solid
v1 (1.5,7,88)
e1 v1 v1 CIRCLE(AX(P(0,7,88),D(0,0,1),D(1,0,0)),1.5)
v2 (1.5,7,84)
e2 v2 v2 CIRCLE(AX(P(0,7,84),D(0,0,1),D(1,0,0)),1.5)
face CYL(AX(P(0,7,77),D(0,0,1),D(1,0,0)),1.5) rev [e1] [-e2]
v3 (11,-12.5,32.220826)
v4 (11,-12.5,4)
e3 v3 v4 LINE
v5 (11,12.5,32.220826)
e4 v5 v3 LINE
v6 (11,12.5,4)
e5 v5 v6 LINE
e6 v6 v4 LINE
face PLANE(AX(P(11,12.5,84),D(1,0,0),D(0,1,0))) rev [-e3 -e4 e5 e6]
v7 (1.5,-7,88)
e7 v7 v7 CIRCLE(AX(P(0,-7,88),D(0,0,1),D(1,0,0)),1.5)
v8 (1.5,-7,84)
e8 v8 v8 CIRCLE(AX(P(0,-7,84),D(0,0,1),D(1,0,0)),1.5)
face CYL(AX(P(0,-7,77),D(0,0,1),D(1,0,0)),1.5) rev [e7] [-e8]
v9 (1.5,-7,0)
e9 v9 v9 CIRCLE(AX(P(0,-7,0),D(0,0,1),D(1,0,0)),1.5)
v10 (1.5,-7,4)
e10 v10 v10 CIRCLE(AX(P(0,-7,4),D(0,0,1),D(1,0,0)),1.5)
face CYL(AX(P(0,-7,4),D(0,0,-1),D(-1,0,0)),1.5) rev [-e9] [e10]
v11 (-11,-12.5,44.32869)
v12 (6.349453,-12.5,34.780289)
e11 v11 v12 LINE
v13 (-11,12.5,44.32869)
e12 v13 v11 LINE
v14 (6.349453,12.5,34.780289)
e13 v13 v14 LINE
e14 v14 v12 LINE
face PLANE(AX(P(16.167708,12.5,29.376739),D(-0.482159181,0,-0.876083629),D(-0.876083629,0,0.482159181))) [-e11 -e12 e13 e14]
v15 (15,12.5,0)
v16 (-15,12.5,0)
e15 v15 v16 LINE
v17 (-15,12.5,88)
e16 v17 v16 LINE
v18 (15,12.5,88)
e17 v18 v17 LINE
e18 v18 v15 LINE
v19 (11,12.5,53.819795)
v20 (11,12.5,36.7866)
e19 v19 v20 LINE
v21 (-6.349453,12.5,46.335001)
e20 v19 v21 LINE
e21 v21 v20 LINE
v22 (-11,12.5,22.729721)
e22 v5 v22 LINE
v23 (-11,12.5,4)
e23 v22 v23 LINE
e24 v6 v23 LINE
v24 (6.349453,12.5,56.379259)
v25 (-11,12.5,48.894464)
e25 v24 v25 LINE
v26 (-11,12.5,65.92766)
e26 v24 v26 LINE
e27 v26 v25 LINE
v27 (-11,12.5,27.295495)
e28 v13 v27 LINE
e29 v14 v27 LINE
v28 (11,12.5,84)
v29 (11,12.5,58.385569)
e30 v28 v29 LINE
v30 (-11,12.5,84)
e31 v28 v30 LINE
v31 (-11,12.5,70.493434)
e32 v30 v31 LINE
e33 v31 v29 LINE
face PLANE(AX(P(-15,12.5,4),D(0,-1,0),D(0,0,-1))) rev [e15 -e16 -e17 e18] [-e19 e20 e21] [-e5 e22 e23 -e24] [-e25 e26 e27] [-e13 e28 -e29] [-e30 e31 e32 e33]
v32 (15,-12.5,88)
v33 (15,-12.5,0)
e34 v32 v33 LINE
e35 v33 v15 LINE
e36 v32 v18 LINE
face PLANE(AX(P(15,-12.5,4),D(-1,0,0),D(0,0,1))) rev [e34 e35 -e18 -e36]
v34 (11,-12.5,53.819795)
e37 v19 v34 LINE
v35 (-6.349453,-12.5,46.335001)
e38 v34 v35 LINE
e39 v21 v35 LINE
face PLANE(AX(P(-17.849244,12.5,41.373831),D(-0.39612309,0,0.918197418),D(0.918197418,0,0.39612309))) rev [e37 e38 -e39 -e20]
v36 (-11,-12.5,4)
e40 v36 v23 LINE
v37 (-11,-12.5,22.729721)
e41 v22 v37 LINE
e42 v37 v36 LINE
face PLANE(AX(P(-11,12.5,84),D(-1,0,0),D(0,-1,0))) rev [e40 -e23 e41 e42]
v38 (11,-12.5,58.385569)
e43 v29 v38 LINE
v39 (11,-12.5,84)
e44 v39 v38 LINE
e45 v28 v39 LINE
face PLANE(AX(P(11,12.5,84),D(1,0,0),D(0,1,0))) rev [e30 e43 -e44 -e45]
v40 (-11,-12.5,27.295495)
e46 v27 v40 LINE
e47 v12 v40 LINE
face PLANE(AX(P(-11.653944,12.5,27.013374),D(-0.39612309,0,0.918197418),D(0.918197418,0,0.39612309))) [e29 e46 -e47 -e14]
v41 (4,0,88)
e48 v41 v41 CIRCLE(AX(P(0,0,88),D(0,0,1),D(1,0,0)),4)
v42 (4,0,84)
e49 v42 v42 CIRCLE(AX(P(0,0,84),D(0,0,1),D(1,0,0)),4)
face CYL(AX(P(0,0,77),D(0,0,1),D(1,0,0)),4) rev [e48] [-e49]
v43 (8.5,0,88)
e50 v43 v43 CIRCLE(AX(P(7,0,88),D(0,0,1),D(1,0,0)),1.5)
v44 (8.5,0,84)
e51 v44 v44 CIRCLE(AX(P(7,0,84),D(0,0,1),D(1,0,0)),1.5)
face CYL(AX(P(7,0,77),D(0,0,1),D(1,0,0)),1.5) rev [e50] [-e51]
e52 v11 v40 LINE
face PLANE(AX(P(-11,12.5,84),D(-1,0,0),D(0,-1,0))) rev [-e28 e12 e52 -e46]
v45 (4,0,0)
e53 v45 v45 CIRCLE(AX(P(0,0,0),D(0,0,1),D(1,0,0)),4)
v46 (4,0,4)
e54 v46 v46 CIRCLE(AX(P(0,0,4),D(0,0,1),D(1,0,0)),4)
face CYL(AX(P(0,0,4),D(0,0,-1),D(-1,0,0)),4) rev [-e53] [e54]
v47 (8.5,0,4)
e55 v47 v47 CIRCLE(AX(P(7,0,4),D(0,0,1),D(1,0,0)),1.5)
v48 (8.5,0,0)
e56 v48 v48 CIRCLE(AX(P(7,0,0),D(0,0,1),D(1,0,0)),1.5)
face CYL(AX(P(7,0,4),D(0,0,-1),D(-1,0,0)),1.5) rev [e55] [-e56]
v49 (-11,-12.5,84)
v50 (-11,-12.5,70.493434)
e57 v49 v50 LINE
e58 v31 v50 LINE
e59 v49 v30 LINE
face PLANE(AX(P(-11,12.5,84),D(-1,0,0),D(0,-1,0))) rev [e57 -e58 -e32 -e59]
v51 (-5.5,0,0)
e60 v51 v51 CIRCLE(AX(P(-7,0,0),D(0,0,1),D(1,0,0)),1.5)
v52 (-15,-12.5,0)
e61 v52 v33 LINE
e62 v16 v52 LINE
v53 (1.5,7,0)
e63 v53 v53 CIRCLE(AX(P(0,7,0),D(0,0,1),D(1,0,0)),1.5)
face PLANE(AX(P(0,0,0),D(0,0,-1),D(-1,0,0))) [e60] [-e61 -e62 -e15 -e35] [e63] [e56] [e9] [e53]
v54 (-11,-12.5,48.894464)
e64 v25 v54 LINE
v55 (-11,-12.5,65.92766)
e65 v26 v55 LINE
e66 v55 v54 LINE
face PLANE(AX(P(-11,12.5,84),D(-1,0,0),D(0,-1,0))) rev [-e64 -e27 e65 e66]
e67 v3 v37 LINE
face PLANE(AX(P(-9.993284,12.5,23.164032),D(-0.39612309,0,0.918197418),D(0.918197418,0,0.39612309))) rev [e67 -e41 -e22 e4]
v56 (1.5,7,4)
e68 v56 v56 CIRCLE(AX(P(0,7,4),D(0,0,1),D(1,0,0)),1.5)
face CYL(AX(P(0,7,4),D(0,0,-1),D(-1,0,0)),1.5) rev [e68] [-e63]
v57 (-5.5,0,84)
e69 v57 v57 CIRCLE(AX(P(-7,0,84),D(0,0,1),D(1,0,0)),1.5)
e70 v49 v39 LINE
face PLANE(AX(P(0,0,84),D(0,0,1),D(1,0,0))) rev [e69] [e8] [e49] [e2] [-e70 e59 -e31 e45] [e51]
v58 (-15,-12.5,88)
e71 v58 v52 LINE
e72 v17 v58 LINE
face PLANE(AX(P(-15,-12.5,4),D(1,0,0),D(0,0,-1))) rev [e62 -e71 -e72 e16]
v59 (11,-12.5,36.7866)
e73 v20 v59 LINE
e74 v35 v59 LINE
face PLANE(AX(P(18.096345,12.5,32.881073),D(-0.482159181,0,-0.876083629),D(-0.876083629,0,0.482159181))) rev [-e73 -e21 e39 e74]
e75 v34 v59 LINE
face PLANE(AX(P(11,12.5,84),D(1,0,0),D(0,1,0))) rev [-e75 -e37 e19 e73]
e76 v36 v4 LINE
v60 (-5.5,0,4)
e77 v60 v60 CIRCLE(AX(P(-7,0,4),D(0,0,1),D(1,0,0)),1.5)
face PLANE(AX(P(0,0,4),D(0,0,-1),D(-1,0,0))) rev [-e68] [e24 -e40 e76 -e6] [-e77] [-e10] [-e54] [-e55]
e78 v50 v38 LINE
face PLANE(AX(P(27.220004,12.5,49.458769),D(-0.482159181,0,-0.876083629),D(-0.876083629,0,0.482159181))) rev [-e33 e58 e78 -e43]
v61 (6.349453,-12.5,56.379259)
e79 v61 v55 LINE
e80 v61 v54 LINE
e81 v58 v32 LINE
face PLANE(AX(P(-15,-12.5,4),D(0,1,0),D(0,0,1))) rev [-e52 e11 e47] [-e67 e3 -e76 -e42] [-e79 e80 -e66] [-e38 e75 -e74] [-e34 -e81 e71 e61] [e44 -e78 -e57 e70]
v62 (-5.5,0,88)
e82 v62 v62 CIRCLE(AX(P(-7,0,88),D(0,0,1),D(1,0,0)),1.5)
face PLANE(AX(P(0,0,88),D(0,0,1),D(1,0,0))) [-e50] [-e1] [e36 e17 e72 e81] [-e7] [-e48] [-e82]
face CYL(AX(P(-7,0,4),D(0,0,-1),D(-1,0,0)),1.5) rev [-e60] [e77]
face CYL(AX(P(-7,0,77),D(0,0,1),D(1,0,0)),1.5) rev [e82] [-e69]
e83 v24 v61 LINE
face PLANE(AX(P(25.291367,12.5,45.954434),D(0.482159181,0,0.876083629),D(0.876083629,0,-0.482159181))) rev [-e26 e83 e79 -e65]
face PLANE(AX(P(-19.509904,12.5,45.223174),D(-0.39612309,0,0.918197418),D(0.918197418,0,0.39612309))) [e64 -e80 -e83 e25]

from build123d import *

# Parameters (mm, degrees)
SKETCH_1_W          = 30
SKETCH_1_H          = 25
SKETCH_1_R          = 1.5
SKETCH_1_R_2        = 4
EXTRUDE_1_DEPTH     = 4
SKETCH_2_W          = 4
SKETCH_2_H          = 25
EXTRUDE_2_DEPTH     = 80
SKETCH_3_W          = 30
SKETCH_3_H          = 25
EXTRUDE_3_DEPTH     = 4
CUT_EXTRUDE_START   = -11
SKETCH_4_R          = 1.5
SKETCH_4_R_2        = 4
CUT_EXTRUDE_1_DEPTH = 11
EXTRUDE_4_DEPTH     = 25


with BuildPart() as part:
    # 草图1 → 凸台-拉伸1 (new body)
    with BuildSketch(Plane.XY):
        Rectangle(SKETCH_1_W, SKETCH_1_H)
        with Locations((7, 0)):
            Circle(SKETCH_1_R, mode=Mode.SUBTRACT)
        with Locations((0, 7)):
            Circle(SKETCH_1_R, mode=Mode.SUBTRACT)
        with Locations((-7, 0)):
            Circle(SKETCH_1_R, mode=Mode.SUBTRACT)
        with Locations((0, -7)):
            Circle(SKETCH_1_R, mode=Mode.SUBTRACT)
        Circle(SKETCH_1_R_2, mode=Mode.SUBTRACT)
    extrude(amount=EXTRUDE_1_DEPTH)

    # 草图2 → 凸台-拉伸2 (add)
    with BuildSketch(Plane.XY.offset(4)):
        with Locations((-13, 0)):
            Rectangle(SKETCH_2_W, SKETCH_2_H)
        with Locations((13, 0)):
            Rectangle(SKETCH_2_W, SKETCH_2_H)
    extrude(amount=EXTRUDE_2_DEPTH)

    # 草图3 → 凸台-拉伸3 (add)
    with BuildSketch(Plane.XY.offset(84)):
        Rectangle(SKETCH_3_W, SKETCH_3_H)
    extrude(amount=EXTRUDE_3_DEPTH)

    # 草图4 → 切除-拉伸1 (cut)
    with BuildSketch(Plane.XY.offset(88).offset(CUT_EXTRUDE_START)):
        with Locations((-7, 0)):
            Circle(SKETCH_4_R)
        with Locations((0, -7)):
            Circle(SKETCH_4_R)
        with Locations((7, 0)):
            Circle(SKETCH_4_R)
        Circle(SKETCH_4_R_2)
        with Locations((0, 7)):
            Circle(SKETCH_4_R)
    extrude(amount=CUT_EXTRUDE_1_DEPTH, mode=Mode.SUBTRACT)

    # 草图9 → 凸台-拉伸4 (add)
    with BuildSketch(Plane.XZ.offset(12.5)):
        Polygon((11, 58.385569275), (-11, 70.493433903), (-11, 65.927659735), (6.349452589, 56.379258675), align=None)
        Polygon((11, 53.819795107), (11, 58.385569275), (6.349452589, 56.379258675), align=None)
        Polygon((-6.349452589, 46.335000836), (11, 53.819795107), (6.349452589, 56.379258675), (-11, 48.894464404), align=None)
        Polygon((-6.349452589, 46.335000836), (-11, 48.894464404), (-11, 44.328690237), align=None)
        Polygon((11, 36.786599776), (-6.349452589, 46.335000836), (-11, 44.328690237), (6.349452589, 34.780289177), align=None)
        Polygon((11, 32.220825609), (11, 36.786599776), (6.349452589, 34.780289177), align=None)
        Polygon((-11, 22.729720739), (11, 32.220825609), (6.349452589, 34.780289177), (-11, 27.295494906), align=None)
    extrude(amount=-EXTRUDE_4_DEPTH)


solid = part.part
